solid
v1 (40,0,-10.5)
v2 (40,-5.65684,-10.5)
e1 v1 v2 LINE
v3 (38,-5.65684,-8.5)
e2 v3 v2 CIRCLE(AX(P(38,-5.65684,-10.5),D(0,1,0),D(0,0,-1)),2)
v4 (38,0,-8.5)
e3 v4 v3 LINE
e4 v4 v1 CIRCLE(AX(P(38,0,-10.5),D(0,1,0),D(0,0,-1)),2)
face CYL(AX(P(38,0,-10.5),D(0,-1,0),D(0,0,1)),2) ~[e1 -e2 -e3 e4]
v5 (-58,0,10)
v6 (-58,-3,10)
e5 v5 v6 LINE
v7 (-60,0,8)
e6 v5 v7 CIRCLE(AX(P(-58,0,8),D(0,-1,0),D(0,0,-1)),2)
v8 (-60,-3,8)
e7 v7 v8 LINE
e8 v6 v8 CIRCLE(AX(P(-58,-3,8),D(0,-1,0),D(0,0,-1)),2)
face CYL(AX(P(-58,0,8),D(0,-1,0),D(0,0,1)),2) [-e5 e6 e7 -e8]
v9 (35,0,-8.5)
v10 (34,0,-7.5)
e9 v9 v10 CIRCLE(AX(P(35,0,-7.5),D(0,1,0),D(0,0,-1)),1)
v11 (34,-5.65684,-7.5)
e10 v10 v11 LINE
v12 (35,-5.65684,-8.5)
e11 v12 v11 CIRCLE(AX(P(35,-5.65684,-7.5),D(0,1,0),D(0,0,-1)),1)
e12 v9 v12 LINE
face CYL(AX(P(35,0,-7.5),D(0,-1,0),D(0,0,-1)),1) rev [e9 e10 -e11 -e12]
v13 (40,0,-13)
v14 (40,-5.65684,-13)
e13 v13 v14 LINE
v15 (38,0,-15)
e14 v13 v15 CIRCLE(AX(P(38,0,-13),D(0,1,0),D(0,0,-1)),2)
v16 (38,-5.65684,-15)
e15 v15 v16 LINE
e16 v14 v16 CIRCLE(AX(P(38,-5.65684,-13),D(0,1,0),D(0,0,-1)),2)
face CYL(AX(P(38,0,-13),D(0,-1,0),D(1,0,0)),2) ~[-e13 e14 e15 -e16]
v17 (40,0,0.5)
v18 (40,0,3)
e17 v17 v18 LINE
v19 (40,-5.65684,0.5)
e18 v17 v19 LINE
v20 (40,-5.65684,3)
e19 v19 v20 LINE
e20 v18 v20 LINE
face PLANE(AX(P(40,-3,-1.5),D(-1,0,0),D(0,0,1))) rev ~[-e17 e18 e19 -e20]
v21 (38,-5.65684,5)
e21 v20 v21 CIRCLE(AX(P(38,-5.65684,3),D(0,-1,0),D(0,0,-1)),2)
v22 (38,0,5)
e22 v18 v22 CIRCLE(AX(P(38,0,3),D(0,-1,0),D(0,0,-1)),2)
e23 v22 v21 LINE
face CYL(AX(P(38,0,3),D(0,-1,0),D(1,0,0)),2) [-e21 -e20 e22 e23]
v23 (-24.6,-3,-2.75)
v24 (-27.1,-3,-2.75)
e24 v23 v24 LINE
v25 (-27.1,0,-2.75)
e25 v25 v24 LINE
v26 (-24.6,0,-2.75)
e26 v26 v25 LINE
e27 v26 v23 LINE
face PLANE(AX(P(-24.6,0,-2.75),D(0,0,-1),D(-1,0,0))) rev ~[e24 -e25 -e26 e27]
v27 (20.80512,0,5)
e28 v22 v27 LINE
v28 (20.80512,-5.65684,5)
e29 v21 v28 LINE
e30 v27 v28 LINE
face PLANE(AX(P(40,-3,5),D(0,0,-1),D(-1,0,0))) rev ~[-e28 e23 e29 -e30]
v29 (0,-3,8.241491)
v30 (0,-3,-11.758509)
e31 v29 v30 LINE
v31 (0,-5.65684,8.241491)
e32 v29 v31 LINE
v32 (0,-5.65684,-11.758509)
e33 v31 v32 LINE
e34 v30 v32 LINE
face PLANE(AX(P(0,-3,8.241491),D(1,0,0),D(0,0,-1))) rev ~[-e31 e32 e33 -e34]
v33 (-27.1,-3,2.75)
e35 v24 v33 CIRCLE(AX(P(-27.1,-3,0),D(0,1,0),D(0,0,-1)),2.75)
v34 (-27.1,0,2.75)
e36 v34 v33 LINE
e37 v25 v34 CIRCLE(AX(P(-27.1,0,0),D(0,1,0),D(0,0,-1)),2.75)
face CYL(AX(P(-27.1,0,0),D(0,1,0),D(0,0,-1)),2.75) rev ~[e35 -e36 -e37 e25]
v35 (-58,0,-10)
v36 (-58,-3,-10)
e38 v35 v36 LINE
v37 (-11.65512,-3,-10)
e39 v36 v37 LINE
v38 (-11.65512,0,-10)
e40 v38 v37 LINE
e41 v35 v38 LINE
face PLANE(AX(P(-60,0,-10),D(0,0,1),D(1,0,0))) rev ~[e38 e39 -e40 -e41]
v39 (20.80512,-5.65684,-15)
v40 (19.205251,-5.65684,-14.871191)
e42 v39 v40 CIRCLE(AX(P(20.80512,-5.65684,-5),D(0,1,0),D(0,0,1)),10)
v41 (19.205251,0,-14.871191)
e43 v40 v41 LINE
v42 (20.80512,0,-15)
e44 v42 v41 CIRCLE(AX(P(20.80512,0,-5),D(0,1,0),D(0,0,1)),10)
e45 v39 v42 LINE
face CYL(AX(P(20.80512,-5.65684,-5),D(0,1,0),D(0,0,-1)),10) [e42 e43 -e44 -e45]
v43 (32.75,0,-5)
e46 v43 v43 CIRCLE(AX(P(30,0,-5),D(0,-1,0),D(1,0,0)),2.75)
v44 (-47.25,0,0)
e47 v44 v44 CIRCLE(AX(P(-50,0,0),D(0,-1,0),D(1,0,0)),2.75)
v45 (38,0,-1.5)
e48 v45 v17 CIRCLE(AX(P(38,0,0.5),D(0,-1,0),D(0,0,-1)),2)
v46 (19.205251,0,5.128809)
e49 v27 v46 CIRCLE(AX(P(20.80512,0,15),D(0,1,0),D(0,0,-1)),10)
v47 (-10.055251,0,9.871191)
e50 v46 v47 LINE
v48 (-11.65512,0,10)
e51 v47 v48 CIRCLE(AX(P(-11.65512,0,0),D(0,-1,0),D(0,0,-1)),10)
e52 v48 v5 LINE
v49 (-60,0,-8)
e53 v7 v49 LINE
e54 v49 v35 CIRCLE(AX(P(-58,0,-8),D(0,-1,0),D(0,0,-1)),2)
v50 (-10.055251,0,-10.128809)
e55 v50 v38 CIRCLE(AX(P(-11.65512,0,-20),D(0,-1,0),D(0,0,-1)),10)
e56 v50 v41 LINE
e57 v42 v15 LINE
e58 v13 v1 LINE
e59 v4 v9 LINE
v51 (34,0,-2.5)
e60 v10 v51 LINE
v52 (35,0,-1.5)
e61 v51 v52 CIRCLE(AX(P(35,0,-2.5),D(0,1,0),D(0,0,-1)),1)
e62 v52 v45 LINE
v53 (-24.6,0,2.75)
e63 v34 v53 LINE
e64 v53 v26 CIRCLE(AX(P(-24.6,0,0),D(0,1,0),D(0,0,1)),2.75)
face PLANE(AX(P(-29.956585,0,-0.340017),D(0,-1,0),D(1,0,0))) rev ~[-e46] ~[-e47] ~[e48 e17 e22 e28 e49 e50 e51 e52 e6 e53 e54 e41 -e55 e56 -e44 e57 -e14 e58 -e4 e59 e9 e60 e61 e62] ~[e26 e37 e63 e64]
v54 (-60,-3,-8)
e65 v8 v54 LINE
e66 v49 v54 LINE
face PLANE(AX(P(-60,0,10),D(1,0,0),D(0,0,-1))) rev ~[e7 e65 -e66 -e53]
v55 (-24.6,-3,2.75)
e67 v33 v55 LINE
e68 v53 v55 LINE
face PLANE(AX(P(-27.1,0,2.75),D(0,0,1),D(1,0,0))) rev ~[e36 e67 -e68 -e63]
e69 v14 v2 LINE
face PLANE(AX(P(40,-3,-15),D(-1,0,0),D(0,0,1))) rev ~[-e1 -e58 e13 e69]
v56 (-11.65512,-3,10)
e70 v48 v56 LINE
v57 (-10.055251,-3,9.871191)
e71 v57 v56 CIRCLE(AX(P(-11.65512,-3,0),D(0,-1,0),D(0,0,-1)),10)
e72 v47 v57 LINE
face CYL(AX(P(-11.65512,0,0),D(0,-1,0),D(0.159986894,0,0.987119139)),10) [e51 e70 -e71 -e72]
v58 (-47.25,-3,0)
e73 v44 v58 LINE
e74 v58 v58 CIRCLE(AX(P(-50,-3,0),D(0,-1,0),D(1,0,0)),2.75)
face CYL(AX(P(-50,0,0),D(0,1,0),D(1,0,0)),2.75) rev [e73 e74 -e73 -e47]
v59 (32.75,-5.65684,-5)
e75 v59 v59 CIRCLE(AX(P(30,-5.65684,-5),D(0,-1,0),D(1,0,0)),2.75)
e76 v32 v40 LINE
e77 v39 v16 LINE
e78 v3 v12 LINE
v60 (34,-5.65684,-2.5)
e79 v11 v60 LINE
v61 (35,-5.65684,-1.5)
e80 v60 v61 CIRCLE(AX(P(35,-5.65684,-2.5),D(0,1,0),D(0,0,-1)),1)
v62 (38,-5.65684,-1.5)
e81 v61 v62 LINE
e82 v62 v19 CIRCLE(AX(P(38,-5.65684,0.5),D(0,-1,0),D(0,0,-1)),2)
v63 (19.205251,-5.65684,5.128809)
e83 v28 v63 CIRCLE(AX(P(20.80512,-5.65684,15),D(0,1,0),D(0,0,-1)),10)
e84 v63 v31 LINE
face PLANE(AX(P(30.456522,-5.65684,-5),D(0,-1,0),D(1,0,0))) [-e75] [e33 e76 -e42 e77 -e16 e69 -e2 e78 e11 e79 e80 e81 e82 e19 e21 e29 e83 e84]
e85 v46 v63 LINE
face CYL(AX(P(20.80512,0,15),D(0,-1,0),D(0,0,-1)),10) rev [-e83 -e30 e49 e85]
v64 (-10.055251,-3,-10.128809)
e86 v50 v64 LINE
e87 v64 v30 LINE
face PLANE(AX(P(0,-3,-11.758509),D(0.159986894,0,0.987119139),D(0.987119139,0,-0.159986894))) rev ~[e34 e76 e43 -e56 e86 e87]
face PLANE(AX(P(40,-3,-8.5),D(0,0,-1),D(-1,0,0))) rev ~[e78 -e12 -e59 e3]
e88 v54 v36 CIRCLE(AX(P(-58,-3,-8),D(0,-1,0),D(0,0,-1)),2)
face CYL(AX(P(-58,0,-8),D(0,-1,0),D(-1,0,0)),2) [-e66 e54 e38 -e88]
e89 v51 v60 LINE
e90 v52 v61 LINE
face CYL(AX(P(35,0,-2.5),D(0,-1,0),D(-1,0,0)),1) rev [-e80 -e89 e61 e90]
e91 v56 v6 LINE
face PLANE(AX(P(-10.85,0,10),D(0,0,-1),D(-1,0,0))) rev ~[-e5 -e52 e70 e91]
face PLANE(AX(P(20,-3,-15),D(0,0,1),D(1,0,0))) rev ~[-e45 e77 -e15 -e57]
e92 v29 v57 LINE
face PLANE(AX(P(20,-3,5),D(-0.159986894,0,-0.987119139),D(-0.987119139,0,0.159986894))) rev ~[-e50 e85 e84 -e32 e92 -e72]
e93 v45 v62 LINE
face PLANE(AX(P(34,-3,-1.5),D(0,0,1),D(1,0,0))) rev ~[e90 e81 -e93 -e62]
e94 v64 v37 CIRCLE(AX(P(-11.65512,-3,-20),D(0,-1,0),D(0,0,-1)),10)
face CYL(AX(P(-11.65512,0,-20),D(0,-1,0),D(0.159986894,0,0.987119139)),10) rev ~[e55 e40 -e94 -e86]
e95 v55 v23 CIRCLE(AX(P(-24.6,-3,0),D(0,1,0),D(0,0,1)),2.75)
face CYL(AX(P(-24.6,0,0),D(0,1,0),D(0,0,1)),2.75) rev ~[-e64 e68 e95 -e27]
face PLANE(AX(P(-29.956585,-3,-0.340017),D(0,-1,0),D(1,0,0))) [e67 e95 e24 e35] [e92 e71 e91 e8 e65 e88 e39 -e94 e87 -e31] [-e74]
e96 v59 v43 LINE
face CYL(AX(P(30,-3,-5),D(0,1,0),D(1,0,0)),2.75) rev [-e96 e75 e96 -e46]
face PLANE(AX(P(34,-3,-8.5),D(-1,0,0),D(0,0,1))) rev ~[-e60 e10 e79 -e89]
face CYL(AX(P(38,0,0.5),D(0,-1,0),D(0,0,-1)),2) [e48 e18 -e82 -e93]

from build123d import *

# Parameters (mm, degrees)
F0_R     = 2.75
F1_DEPTH = 3
F2_R     = 2.75
F3_DEPTH = 2.65684
F4_R     = 1
F5_R     = 2
F6_R     = 10


with BuildPart() as f1:
    # F0 (on Front) → F1 (new body)
    with BuildSketch(Plane.XZ):
        Polygon((-10.85, 10), (-60, 10), (-60, -10), (-10.85, -10), (0, -11.7585089141), (0, 8.2414910859), align=None)
        with Locations((-50, 0)):
            Circle(F0_R, mode=Mode.SUBTRACT)
        with BuildLine():
            ThreePointArc((-27.1, -2.75), (-29.85, 0), (-27.1, 2.75))
            Line((-27.1, 2.75), (-24.6, 2.75))
            ThreePointArc((-24.6, 2.75), (-21.85, 0), (-24.6, -2.75))
            Line((-24.6, -2.75), (-27.1, -2.75))
        make_face(mode=Mode.SUBTRACT)
        Polygon((20, 5), (0, 8.2414910859), (0, -11.7585089141), (20, -15), (40, -15), (40, -8.5), (34, -8.5), (34, -1.5), (40, -1.5), (40, 5), align=None)
        with Locations((30, -5)):
            Circle(F0_R, mode=Mode.SUBTRACT)
    extrude(amount=F1_DEPTH)

    # F2 (on face) → F3 (join)
    with BuildSketch(Plane.XZ.offset(3)):
        Polygon((20, -15), (40, -15), (40, -8.5), (34, -8.5), (34, -1.5), (40, -1.5), (40, 5), (20, 5), align=None)
        with Locations((30, -5)):
            Circle(F2_R, mode=Mode.SUBTRACT)
        Polygon((0, -11.7585089141), (20, -15), (20, 5), (0, 8.2414910859), align=None)
    extrude(amount=F3_DEPTH)

    # F4
    f4_edges = [f1.edges().sort_by_distance(p)[0] for p in [
        (34, -2.82842, -1.5),
        (34, -2.82842, -8.5),
    ]]
    fillet(f4_edges, radius=F4_R)

    # F5
    f5_edges = [f1.edges().sort_by_distance(p)[0] for p in [
        (40, -2.82842, 5),
        (40, -2.82842, -8.5),
        (40, -2.82842, -1.5),
        (40, -2.82842, -15),
        (-60, -1.5, 10),
        (-60, -1.5, -10),
    ]]
    fillet(f5_edges, radius=F5_R)

    # F6
    f6_edges = [f1.edges().sort_by_distance(p)[0] for p in [
        (-10.85, -1.5, 10),
        (20, -2.82842, 5),
        (-10.85, -1.5, -10),
        (20, -2.82842, -15),
    ]]
    fillet(f6_edges, radius=F6_R)


solid = f1.part
